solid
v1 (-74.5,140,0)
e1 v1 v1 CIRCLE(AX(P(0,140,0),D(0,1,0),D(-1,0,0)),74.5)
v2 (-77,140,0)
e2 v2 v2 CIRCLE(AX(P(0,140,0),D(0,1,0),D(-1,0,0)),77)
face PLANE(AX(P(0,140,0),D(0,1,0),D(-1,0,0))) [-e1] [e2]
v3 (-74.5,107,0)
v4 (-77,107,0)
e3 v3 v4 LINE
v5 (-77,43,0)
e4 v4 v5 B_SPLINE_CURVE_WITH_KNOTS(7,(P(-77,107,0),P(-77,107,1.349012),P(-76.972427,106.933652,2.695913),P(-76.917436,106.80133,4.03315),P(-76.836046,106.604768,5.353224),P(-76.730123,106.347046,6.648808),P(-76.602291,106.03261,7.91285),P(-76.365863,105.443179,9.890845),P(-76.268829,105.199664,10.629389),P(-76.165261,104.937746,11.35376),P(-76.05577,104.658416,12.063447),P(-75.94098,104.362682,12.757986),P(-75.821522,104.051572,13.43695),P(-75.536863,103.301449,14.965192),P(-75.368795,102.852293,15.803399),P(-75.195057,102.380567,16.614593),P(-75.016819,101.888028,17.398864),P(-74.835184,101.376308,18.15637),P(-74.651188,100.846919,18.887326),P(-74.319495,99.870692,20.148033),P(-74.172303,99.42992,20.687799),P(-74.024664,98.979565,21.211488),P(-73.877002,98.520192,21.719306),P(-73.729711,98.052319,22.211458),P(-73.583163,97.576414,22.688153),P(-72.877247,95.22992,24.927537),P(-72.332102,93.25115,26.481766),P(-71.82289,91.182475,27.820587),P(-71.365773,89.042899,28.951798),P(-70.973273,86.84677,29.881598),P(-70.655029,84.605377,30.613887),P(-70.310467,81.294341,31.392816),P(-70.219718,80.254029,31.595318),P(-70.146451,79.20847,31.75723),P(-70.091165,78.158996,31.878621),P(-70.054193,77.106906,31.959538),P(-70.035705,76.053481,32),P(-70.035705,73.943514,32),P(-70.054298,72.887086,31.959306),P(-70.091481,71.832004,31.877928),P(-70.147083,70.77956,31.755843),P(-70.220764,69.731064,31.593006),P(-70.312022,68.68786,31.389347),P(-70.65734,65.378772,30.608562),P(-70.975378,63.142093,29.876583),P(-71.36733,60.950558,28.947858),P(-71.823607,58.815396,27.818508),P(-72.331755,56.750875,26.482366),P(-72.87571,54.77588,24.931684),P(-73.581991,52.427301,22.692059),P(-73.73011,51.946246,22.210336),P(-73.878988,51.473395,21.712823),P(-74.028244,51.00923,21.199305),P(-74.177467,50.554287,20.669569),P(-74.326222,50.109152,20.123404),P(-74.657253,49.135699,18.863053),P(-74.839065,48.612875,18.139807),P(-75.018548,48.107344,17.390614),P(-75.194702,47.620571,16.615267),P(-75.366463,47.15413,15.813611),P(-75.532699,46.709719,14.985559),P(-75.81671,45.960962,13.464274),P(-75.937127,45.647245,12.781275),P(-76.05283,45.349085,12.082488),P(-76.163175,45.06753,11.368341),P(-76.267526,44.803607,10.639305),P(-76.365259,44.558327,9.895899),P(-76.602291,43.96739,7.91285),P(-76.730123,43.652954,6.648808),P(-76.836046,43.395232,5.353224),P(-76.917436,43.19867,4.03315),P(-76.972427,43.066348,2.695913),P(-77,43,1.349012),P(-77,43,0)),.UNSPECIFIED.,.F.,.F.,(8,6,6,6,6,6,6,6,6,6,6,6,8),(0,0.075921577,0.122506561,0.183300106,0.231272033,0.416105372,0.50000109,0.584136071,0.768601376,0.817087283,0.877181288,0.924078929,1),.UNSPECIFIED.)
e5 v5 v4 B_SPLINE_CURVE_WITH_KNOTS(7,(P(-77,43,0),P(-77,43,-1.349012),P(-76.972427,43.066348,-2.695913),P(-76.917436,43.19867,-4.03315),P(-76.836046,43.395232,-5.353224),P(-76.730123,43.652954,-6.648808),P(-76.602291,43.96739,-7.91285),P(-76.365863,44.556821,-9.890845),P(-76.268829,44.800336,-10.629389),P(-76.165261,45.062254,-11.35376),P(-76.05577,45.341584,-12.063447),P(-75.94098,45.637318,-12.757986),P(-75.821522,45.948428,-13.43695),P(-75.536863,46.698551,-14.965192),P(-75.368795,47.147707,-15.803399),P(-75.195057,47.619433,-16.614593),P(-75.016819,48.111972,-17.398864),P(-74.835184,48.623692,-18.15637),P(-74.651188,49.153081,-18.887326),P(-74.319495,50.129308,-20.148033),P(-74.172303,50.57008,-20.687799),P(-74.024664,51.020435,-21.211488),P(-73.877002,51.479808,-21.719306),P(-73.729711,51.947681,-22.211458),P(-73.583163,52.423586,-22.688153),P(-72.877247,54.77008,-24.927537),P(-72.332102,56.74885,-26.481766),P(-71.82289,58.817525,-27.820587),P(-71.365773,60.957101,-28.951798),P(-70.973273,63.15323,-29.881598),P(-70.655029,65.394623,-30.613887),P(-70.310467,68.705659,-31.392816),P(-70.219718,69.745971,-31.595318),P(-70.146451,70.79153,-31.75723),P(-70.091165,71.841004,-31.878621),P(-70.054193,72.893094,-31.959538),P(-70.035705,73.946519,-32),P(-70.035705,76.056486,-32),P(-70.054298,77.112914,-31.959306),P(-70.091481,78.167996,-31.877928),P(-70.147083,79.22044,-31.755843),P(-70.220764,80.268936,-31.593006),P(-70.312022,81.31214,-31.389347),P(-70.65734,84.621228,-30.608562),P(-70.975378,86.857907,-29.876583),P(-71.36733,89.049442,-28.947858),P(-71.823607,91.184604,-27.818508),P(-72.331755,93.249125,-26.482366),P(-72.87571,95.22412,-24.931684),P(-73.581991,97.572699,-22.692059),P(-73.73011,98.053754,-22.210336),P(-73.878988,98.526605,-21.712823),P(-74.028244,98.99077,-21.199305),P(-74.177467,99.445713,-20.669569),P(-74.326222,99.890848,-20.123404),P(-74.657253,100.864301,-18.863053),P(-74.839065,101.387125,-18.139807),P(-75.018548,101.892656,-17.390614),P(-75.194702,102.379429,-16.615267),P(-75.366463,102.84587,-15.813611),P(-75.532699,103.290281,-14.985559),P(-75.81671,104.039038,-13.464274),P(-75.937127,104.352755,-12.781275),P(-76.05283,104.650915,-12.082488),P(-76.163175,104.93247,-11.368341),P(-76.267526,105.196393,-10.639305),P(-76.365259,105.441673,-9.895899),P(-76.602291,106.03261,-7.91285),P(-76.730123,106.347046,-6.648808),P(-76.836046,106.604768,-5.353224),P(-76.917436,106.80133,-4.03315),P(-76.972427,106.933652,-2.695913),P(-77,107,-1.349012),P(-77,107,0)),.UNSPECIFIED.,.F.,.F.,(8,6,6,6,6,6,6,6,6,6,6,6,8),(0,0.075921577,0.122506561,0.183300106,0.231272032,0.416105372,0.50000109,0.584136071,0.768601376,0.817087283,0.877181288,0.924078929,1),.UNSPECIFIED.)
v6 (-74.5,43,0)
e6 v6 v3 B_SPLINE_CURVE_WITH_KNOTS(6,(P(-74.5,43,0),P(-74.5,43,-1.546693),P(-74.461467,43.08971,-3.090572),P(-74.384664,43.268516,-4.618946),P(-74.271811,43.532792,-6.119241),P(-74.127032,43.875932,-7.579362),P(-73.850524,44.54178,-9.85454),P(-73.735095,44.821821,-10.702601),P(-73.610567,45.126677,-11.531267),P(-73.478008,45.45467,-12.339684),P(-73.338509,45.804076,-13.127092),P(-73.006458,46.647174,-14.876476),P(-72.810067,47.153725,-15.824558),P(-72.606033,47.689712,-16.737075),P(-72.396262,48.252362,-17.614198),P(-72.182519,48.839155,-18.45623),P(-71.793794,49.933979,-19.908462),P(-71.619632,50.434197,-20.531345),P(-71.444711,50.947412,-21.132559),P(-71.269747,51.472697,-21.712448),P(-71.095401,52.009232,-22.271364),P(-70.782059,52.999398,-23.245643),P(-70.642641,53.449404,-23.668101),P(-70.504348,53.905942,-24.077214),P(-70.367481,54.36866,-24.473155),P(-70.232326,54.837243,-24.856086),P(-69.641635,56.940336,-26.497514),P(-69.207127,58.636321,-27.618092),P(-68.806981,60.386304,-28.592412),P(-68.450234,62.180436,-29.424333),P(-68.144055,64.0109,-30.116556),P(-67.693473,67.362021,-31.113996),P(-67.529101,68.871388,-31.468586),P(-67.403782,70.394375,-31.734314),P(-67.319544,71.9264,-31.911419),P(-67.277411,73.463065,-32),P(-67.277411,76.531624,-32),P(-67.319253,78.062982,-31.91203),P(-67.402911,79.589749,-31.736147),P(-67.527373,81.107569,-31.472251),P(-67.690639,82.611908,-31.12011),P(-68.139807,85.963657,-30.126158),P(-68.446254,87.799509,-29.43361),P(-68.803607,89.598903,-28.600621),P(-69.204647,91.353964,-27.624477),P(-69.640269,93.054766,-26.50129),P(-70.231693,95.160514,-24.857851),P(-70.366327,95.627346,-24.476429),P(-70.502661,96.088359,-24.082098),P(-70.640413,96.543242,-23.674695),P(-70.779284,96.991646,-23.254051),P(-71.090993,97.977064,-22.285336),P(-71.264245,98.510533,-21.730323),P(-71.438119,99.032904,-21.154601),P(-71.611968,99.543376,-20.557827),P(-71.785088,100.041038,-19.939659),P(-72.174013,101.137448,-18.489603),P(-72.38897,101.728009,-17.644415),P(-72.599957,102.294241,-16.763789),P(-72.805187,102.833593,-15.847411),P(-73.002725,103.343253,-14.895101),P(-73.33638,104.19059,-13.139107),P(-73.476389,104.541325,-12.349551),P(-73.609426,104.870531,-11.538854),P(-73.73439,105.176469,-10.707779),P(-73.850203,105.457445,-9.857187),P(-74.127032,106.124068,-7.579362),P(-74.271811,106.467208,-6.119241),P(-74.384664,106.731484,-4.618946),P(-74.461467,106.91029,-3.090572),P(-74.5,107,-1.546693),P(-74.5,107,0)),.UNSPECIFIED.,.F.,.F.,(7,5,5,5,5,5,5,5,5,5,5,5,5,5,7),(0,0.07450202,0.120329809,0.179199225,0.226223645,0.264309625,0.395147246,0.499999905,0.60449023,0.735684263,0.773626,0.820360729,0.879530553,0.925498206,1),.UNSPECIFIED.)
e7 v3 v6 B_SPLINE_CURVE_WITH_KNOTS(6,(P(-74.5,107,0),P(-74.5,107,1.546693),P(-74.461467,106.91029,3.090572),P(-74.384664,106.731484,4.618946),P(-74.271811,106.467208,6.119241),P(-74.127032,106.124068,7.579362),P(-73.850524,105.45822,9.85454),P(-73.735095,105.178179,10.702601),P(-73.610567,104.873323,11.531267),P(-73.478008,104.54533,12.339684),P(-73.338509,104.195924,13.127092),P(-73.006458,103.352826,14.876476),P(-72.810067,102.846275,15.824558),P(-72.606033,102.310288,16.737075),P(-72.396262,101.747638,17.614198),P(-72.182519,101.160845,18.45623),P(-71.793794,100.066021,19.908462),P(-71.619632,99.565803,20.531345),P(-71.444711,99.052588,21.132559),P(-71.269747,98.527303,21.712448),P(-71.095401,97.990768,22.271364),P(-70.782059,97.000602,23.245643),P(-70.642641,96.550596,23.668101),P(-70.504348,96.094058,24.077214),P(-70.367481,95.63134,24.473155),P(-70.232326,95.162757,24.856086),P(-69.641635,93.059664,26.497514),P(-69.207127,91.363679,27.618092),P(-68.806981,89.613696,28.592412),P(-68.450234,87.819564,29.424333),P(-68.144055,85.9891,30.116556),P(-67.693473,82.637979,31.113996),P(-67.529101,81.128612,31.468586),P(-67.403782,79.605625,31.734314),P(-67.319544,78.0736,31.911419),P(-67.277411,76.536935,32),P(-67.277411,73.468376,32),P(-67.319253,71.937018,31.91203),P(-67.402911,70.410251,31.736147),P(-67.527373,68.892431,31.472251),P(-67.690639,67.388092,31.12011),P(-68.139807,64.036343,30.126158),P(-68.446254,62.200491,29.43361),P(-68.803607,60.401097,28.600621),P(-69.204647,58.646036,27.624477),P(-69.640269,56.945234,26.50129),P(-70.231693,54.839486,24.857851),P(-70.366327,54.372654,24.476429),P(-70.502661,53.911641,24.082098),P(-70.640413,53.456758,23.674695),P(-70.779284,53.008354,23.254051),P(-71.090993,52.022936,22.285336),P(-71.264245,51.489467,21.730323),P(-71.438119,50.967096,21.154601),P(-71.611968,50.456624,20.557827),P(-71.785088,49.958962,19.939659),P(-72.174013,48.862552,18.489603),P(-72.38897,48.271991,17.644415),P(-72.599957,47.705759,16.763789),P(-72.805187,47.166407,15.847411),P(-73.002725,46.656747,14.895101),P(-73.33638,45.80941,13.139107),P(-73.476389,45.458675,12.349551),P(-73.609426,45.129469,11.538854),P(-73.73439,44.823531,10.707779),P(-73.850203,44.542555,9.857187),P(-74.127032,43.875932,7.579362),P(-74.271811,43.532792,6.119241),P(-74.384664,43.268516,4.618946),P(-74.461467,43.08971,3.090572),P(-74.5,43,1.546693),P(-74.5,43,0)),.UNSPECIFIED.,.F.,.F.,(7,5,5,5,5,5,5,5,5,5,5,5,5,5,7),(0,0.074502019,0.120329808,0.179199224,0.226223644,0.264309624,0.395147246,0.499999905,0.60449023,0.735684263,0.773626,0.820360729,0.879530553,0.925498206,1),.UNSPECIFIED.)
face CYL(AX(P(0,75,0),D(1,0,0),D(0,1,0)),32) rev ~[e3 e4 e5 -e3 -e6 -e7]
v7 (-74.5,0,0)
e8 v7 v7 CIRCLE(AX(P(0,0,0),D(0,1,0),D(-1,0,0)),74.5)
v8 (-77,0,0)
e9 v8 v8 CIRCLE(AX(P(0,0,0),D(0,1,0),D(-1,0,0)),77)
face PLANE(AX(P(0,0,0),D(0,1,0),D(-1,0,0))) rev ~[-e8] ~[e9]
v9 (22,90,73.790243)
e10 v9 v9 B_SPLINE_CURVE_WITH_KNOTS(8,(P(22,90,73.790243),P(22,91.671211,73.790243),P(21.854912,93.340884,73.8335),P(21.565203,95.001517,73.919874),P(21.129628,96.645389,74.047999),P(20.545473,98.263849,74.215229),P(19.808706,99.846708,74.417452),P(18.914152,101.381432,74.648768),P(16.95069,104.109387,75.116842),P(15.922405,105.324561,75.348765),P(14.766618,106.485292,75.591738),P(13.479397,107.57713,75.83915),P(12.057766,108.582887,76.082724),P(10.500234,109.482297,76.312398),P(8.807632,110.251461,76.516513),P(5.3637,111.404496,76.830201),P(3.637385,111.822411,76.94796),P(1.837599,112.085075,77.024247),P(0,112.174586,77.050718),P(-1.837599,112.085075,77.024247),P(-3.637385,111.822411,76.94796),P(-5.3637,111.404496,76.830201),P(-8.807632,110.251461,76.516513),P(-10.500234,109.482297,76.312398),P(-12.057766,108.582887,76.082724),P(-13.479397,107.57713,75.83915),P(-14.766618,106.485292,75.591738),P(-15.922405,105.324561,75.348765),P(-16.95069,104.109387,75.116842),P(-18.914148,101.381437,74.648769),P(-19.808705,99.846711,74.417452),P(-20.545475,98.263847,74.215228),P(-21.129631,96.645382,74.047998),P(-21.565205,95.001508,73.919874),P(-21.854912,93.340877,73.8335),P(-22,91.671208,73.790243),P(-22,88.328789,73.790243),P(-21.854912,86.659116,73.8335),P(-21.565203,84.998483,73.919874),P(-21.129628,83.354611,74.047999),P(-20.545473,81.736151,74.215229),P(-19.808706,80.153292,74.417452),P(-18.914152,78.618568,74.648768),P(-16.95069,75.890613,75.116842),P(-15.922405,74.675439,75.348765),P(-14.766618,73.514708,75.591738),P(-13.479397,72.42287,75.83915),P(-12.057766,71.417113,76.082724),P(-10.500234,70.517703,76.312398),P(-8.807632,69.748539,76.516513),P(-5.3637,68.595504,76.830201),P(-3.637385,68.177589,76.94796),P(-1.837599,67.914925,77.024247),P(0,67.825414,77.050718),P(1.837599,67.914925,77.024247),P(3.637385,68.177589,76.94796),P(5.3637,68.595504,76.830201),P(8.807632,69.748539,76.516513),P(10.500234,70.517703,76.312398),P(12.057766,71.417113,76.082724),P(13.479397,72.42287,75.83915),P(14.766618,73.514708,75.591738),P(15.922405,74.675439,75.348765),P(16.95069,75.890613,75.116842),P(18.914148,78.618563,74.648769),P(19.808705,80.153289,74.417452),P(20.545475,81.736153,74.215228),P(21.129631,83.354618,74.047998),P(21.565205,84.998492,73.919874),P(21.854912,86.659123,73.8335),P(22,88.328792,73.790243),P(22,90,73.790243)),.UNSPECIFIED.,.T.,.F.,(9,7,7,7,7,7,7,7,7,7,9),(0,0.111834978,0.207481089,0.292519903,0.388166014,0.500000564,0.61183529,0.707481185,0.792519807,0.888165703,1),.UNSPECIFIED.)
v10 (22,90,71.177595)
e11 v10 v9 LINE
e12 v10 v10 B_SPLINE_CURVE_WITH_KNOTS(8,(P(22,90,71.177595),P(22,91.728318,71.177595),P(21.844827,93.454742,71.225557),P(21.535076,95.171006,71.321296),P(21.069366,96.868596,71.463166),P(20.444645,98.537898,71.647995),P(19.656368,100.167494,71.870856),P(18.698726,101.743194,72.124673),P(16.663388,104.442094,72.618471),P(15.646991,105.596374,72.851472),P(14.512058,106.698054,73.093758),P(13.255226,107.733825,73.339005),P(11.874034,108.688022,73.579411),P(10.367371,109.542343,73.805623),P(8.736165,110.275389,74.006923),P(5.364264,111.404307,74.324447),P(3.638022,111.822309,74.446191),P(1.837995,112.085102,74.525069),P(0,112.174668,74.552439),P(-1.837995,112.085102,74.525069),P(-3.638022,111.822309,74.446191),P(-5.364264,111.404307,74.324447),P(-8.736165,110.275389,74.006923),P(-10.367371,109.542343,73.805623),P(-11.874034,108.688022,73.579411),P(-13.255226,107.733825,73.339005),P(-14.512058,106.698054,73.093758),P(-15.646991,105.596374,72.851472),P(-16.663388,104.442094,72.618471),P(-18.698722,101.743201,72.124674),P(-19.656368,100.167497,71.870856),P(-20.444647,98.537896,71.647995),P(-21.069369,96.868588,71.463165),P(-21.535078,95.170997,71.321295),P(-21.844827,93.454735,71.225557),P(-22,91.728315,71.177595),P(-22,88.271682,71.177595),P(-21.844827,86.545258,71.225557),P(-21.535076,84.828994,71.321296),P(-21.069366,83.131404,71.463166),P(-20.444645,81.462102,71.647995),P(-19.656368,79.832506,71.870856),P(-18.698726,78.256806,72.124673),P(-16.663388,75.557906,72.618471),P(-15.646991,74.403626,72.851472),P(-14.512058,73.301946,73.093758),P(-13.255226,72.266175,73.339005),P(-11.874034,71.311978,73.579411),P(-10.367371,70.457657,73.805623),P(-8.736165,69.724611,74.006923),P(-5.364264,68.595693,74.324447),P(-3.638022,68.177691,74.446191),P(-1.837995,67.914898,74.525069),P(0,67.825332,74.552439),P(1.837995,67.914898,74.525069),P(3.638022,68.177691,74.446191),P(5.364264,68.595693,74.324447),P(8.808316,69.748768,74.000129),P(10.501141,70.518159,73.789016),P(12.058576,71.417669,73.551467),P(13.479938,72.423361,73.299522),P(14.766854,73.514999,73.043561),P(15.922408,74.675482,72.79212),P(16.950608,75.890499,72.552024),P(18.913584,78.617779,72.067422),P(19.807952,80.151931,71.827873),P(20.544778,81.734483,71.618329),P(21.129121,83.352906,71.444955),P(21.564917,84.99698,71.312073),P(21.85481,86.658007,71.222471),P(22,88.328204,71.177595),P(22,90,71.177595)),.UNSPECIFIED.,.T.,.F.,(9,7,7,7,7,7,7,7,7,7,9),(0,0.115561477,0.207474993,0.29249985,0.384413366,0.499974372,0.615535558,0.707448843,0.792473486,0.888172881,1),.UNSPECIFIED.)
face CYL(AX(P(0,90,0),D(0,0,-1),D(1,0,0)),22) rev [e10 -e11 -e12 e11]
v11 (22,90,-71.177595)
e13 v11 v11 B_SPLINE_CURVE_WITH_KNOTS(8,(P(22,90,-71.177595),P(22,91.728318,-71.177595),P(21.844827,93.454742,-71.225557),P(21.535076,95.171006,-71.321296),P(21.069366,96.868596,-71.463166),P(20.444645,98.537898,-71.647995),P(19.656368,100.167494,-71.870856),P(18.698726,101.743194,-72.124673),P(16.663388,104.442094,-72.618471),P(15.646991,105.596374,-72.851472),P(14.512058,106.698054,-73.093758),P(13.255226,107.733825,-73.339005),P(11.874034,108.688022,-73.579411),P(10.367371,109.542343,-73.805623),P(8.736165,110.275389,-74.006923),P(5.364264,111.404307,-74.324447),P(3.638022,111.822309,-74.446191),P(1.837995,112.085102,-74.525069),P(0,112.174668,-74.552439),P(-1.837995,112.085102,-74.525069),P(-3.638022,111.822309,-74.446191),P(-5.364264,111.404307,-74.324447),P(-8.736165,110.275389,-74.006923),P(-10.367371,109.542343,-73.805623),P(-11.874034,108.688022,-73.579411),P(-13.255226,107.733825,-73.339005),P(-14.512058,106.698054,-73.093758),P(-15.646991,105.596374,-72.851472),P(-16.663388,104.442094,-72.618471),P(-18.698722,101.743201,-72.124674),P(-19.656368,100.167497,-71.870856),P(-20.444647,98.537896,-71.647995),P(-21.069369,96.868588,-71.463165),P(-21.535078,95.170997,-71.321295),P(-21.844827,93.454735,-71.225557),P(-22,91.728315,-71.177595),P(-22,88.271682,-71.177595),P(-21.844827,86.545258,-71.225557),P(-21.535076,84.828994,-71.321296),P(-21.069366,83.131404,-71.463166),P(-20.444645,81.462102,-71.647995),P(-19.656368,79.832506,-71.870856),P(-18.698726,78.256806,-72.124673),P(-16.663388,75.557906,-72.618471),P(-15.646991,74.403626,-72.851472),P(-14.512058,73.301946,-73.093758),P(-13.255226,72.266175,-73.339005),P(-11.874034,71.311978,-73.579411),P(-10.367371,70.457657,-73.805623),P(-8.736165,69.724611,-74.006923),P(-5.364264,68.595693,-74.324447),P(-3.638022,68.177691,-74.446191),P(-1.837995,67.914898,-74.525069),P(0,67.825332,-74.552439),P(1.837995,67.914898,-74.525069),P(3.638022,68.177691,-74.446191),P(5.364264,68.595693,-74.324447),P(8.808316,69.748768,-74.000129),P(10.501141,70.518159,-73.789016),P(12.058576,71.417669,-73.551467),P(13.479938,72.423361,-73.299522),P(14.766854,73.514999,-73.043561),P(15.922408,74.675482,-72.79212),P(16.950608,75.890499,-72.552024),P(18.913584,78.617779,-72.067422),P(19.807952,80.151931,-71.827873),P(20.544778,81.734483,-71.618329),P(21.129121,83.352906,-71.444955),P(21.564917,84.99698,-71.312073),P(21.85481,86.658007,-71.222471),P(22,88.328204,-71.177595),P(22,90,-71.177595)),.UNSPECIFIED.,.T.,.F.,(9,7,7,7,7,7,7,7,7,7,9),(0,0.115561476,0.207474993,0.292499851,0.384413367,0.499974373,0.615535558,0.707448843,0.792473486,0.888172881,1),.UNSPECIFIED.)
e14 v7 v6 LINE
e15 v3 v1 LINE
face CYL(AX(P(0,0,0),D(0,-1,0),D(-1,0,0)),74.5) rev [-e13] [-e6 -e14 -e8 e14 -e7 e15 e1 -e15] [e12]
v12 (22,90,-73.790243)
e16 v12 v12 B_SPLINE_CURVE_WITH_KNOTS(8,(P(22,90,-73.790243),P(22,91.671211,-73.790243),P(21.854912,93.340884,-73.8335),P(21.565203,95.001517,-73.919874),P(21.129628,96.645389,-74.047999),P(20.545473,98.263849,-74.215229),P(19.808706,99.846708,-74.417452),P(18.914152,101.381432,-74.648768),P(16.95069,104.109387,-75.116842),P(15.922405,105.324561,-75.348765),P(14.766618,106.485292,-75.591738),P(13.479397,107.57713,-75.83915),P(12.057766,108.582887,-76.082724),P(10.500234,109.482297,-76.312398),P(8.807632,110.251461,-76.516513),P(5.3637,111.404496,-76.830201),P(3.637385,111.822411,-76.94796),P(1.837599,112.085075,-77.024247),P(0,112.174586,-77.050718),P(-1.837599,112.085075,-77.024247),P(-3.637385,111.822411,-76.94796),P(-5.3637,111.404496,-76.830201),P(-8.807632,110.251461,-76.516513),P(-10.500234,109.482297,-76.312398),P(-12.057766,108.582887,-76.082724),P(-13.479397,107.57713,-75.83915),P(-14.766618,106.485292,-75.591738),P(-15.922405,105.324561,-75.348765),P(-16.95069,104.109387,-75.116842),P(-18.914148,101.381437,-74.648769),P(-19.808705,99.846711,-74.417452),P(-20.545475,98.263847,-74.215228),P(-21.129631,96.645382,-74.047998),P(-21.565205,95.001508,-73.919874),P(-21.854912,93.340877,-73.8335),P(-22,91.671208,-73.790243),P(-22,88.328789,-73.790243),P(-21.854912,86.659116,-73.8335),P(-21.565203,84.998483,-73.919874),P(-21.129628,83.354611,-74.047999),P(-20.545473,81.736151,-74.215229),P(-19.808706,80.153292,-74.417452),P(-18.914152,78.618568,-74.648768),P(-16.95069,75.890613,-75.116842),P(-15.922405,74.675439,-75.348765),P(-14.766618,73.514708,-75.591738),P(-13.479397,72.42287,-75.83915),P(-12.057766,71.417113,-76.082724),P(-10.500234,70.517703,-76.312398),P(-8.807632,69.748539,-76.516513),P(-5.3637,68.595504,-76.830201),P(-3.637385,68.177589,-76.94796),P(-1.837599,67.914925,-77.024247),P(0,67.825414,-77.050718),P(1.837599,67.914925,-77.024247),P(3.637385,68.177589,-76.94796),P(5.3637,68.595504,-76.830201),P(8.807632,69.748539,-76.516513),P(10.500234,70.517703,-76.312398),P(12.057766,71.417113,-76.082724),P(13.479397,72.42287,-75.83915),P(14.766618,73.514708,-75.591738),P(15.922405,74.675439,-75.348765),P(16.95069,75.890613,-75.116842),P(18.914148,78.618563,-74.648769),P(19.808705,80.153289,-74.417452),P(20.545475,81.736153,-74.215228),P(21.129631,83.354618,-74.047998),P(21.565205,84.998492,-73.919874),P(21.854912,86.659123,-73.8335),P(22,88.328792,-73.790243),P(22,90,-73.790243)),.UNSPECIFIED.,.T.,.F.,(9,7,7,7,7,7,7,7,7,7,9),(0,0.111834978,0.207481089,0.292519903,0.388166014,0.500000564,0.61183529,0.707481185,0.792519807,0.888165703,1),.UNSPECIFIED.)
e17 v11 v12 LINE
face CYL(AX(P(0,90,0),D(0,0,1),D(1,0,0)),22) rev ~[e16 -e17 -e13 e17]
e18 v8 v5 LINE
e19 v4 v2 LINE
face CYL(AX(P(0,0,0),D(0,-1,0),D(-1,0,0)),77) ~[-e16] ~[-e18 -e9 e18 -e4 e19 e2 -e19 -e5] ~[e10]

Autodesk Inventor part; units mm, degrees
ref_plane "YZ Plane" through (0, 0, 0) normal (1, 0, 0) x (0, 1, 0)
ref_plane "XZ Plane" through (0, 0, 0) normal (0, 1, 0) x (-1, 0, 0)
ref_plane "XY Plane" through (0, 0, 0) normal (0, 0, 1) x (1, 0, 0)
sketch "Sketch1" plane through (0, 0, 0) normal (0, 1, 0) x (-1, 0, 0)
  circle A0 centre (0, 0) radius 77
  circle A1 centre (0, 0) radius 74.5
  dimension "d0" = 154
  dimension "d1" = 149
extrude "Extrusion1" add sketch "Sketch1" along normal blind 140
sketch "Sketch2" plane through (0, 0, 0) normal (1, 0, 0) x (0, 1, 0)
  circle A0 centre (75, 0) radius 32
  line L0 (0, -77) -> (0, 77) projected
  point P0 (0, 0)
  dimension "d4" = 64
  dimension "d5" = 75
extrude "Extrusion2" cut sketch "Sketch2" against normal through all
sketch "Sketch3" plane through (0, 0, 0) normal (0, 0, 1) x (1, 0, 0)
  circle A0 centre (0, 90) radius 22
  line L0 (77, 0) -> (-77, 0) projected
  point P0 (0, 0)
  dimension "d8" = 44
  dimension "d9" = 90
extrude "Extrusion3" cut sketch "Sketch3" along normal through all both and the other way through all
equation "\"d5\" = h_w"
equation "\"h_w\" = 75"
properties part number "chamber"
